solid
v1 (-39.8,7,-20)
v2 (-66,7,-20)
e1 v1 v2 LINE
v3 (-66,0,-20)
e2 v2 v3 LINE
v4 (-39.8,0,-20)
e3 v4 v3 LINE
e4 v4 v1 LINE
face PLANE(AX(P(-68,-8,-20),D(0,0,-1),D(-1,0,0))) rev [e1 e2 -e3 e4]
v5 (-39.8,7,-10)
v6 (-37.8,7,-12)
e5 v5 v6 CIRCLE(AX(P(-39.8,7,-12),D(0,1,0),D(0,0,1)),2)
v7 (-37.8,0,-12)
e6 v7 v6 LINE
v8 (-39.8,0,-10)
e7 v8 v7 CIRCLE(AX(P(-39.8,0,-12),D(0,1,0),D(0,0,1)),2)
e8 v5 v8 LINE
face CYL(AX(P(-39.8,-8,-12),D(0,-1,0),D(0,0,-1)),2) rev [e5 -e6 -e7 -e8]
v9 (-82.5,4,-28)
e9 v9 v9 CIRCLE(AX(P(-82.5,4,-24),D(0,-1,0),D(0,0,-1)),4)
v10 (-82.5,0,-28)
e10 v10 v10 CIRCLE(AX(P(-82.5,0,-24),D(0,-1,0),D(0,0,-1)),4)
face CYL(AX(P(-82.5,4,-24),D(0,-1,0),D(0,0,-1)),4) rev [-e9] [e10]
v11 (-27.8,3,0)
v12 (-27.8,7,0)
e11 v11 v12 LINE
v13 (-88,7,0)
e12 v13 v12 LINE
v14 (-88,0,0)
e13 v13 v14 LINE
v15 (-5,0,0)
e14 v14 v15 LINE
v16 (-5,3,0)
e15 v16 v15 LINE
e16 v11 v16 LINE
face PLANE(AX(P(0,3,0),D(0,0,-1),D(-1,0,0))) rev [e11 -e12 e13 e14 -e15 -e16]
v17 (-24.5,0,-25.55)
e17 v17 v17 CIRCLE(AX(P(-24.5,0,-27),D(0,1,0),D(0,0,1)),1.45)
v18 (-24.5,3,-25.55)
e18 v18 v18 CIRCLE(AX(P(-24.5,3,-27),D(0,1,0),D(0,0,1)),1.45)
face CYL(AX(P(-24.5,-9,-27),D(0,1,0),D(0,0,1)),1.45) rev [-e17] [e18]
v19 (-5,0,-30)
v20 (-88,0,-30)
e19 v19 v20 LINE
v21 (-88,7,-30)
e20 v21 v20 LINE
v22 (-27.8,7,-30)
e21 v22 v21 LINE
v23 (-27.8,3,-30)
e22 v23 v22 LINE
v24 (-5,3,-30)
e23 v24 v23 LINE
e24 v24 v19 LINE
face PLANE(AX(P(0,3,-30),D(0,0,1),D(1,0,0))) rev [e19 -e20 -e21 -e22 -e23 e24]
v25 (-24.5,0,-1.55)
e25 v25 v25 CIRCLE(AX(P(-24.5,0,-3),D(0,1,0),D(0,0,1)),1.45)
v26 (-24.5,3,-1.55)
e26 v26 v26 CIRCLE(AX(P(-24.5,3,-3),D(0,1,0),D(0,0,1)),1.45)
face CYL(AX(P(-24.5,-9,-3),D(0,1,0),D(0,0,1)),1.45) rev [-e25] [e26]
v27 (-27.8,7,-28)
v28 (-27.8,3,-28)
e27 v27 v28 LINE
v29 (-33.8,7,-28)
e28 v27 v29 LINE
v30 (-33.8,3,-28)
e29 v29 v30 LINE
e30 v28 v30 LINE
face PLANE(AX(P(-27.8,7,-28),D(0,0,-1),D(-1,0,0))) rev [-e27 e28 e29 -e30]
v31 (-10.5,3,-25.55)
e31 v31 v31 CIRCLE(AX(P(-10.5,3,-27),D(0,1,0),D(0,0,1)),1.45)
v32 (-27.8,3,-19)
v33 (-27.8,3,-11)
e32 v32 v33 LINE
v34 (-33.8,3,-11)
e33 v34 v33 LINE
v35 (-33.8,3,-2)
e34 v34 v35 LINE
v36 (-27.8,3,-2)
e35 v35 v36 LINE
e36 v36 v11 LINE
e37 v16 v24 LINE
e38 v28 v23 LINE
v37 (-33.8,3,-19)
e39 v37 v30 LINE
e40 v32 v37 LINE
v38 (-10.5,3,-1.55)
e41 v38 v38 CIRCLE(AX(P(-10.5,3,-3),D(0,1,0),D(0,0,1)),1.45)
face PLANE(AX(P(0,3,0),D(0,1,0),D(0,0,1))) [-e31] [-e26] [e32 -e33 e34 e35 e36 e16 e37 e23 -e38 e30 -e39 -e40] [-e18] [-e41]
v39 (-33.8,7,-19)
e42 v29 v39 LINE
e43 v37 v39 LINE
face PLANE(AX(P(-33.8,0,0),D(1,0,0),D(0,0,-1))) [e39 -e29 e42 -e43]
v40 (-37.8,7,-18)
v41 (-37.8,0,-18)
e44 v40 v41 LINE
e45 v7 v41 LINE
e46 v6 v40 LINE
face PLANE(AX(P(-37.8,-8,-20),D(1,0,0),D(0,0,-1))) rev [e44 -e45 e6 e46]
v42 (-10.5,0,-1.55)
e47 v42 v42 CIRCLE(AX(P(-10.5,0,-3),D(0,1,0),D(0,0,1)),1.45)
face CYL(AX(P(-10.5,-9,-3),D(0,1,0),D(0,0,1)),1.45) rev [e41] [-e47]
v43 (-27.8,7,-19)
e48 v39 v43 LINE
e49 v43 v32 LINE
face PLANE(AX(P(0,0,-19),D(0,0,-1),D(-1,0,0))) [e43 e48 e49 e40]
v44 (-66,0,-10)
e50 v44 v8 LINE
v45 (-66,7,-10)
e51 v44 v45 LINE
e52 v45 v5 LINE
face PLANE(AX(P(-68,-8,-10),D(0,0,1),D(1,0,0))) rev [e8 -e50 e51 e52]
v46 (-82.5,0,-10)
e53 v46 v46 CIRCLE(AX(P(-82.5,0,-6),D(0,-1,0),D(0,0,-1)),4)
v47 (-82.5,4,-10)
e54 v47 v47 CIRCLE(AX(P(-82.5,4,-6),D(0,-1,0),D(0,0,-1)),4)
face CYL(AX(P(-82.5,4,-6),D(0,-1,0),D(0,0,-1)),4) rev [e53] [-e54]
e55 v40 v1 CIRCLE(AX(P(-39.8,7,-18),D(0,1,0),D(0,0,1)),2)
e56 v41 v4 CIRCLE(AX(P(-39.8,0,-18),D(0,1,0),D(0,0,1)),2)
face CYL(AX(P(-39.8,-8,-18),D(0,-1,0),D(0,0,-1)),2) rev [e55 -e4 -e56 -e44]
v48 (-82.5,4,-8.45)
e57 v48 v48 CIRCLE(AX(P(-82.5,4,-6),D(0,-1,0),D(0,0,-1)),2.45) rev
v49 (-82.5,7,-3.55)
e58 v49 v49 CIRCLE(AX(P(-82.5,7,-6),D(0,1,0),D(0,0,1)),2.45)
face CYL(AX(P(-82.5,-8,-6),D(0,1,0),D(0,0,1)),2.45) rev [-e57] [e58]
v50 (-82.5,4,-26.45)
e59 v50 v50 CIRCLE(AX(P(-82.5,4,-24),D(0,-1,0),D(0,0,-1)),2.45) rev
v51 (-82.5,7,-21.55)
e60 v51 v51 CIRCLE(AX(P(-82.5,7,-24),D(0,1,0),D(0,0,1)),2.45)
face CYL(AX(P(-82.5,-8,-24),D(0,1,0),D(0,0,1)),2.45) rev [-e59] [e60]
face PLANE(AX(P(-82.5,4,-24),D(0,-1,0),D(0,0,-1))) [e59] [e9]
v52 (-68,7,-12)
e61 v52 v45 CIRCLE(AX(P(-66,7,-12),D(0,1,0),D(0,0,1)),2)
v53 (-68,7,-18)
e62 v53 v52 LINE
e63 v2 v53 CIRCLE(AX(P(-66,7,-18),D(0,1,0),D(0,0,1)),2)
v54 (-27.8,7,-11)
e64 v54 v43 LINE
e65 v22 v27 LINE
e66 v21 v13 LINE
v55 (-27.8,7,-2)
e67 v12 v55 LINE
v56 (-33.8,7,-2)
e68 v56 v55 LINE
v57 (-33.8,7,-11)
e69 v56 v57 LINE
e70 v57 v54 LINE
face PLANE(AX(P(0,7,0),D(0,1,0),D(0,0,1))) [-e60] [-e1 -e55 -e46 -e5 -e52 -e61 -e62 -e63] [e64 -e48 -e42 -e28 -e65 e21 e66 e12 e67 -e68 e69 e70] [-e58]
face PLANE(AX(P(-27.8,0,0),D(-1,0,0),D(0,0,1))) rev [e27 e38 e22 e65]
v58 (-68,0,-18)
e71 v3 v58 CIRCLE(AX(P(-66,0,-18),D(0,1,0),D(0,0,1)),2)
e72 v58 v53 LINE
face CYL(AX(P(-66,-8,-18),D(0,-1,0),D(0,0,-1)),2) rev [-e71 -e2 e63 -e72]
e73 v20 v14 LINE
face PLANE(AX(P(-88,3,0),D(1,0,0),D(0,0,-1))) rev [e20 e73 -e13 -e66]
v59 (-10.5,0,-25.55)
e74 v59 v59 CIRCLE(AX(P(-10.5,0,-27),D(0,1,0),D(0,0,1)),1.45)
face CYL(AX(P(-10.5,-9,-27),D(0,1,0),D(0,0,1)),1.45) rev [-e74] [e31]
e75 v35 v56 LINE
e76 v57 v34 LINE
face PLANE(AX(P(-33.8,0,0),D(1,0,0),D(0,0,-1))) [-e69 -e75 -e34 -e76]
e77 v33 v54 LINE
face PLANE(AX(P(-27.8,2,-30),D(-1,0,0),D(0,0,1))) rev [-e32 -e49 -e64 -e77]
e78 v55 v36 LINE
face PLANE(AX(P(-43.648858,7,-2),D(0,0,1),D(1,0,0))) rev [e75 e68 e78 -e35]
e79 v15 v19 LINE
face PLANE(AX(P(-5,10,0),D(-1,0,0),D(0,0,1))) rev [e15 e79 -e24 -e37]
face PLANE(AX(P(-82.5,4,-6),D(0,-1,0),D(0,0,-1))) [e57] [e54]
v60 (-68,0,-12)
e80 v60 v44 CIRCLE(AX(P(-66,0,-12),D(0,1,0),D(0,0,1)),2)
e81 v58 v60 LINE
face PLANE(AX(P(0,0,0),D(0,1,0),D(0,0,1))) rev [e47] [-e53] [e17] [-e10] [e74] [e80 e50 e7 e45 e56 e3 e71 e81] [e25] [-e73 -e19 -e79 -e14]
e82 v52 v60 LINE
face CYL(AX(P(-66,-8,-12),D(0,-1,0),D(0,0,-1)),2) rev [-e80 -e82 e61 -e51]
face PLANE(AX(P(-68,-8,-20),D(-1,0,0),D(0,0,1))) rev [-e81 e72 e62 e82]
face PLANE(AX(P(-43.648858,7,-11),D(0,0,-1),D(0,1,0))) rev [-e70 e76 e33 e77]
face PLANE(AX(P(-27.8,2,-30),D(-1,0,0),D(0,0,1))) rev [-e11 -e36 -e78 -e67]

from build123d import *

# Parameters (mm, degrees)
SKETCH_1_W           = 88
SKETCH_1_H           = 30
EXTRUDE_1_DEPTH      = 3
SKETCH_2_W           = 27.8
SKETCH_2_H           = 30
CUT_EXTRUDE_1_DEPTH  = 1
SKETCH_3_R           = 1.45
CUT_EXTRUDE_2_DEPTH  = 11
SKETCH_4_R           = 2.45
CUT_EXTRUDE_4_DEPTH  = 11
SKETCH_5_W           = 30.2
SKETCH_5_H           = 10
CUT_EXTRUDE_5_DEPTH  = 11
FILLET_1_R           = 2
SKETCH_6_W           = 5
SKETCH_6_H           = 30
CUT_EXTRUDE_6_DEPTH  = 10
SKETCH_9_W           = 60.2
SKETCH_9_H           = 30
SKETCH_9_R           = 2.45
EXTRUDE_4_DEPTH      = 4
EXTRUDE_START        = 1
SKETCH_7_W           = 22.8
SKETCH_7_H           = 30
SKETCH_7_R           = 1.45
EXTRUDE_5_DEPTH      = 1
SKETCH_11_W          = 15
SKETCH_11_H          = 4
CUT_EXTRUDE_8_DEPTH  = 6
SKETCH_12_W          = 2
SKETCH_12_H          = 4
EXTRUDE_6_DEPTH      = 6
SKETCH_13_W          = 6
SKETCH_13_H          = 4
EXTRUDE_7_DEPTH      = 4
SKETCH_14_R          = 4
CUT_EXTRUDE_9_DEPTH  = 4
SKETCH_15_W          = 9
SKETCH_15_H          = 4
CUT_EXTRUDE_10_DEPTH = 6


with BuildPart() as part:
    # 草图1 → 凸台-拉伸1 (new body)
    with BuildSketch(Plane(origin=(0, 0, 0), x_dir=(1, 0, 0), z_dir=(0, 1, 0))):
        with Locations((-44, 15)):
            Rectangle(SKETCH_1_W, SKETCH_1_H)
    extrude(amount=EXTRUDE_1_DEPTH)

    # 草图2 → 切除-拉伸1 (cut)
    with BuildSketch(Plane(origin=(0, 3, 0), x_dir=(1, 0, 0), z_dir=(0, 1, 0))):
        with Locations((-13.9, 15)):
            Rectangle(SKETCH_2_W, SKETCH_2_H)
    extrude(amount=-CUT_EXTRUDE_1_DEPTH, mode=Mode.SUBTRACT)

    # 草图3 → 切除-拉伸2 (cut)
    with BuildSketch(Plane(origin=(0, 2, 0), x_dir=(1, 0, 0), z_dir=(0, 1, 0))):
        with Locations(Location((-24.5, 27, 0), (0, 0, 270))):
            Circle(SKETCH_3_R)
        with Locations(Location((-24.5, 3, 0), (0, 0, 270))):
            Circle(SKETCH_3_R)
        with Locations(Location((-10.5, 3, 0), (0, 0, 270))):
            Circle(SKETCH_3_R)
        with Locations(Location((-10.5, 27, 0), (0, 0, 270))):
            Circle(SKETCH_3_R)
    extrude(amount=-CUT_EXTRUDE_2_DEPTH, mode=Mode.SUBTRACT)

    # 草图4 → 切除-拉伸4 (cut)
    with BuildSketch(Plane(origin=(0, 3, 0), x_dir=(1, 0, 0), z_dir=(0, 1, 0))):
        with Locations(Location((-82.5, 24, 0), (0, 0, 270))):
            Circle(SKETCH_4_R)
        with Locations(Location((-82.5, 6, 0), (0, 0, 270))):
            Circle(SKETCH_4_R)
    extrude(amount=-CUT_EXTRUDE_4_DEPTH, mode=Mode.SUBTRACT)

    # 草图5 → 切除-拉伸5 (cut)
    with BuildSketch(Plane(origin=(0, 3, 0), x_dir=(1, 0, 0), z_dir=(0, 1, 0))):
        with Locations((-52.9, 15)):
            Rectangle(SKETCH_5_W, SKETCH_5_H)
    extrude(amount=-CUT_EXTRUDE_5_DEPTH, mode=Mode.SUBTRACT)

    # 圆角1
    fillet_1_edges = [part.edges().sort_by_distance(p)[0] for p in [
        (-68, 1.5, -10),
        (-68, 1.5, -20),
        (-37.8, 1.5, -20),
        (-37.8, 1.5, -10),
    ]]
    fillet(fillet_1_edges, radius=FILLET_1_R)

    # 草图6 → 切除-拉伸6 (cut)
    with BuildSketch(Plane.XZ):
        with Locations((-2.5, -15)):
            Rectangle(SKETCH_6_W, SKETCH_6_H)
    extrude(amount=-CUT_EXTRUDE_6_DEPTH, mode=Mode.SUBTRACT)

    # 草图9 → 凸台-拉伸4 (add)
    with BuildSketch(Plane(origin=(0, 3, 0), x_dir=(1, 0, 0), z_dir=(0, 1, 0))):
        with Locations((-57.9, 15)):
            Rectangle(SKETCH_9_W, SKETCH_9_H)
        with Locations(Location((-82.5, 6, 0), (0, 0, 270))):
            Circle(SKETCH_9_R, mode=Mode.SUBTRACT)
        with Locations(Location((-82.5, 24, 0), (0, 0, 270))):
            Circle(SKETCH_9_R, mode=Mode.SUBTRACT)
        with BuildLine():
            Line((-37.8, 12), (-37.8, 18))
            ThreePointArc((-37.8, 18), (-38.385786438, 19.414213562), (-39.8, 20))
            Line((-39.8, 20), (-66, 20))
            ThreePointArc((-66, 20), (-67.414213562, 19.414213562), (-68, 18))
            Line((-68, 18), (-68, 12))
            ThreePointArc((-68, 12), (-67.414213562, 10.585786438), (-66, 10))
            Line((-66, 10), (-39.8, 10))
            ThreePointArc((-39.8, 10), (-38.385786438, 10.585786438), (-37.8, 12))
        make_face(mode=Mode.SUBTRACT)
    extrude(amount=EXTRUDE_4_DEPTH)

    # 草图7 → 凸台-拉伸5 (add)
    with BuildSketch(Plane(origin=(0, 2, 0), x_dir=(1, 0, 0), z_dir=(0, 1, 0)).offset(EXTRUDE_START)):
        with Locations((-16.4, 15)):
            Rectangle(SKETCH_7_W, SKETCH_7_H)
        with Locations(Location((-10.5, 3, 0), (0, 0, 270))):
            Circle(SKETCH_7_R, mode=Mode.SUBTRACT)
        with Locations(Location((-24.5, 27, 0), (0, 0, 270))):
            Circle(SKETCH_7_R, mode=Mode.SUBTRACT)
        with Locations(Location((-10.5, 27, 0), (0, 0, 270))):
            Circle(SKETCH_7_R, mode=Mode.SUBTRACT)
        with Locations(Location((-24.5, 3, 0), (0, 0, 270))):
            Circle(SKETCH_7_R, mode=Mode.SUBTRACT)
    extrude(amount=-EXTRUDE_5_DEPTH)

    # 草图11 → 切除-拉伸8 (cut)
    with BuildSketch(Plane(origin=(-27.8, 0, 0), x_dir=(0, 0, -1), z_dir=(1, 0, 0))):
        with Locations((22.5, 5)):
            Rectangle(SKETCH_11_W, SKETCH_11_H)
    extrude(amount=-CUT_EXTRUDE_8_DEPTH, mode=Mode.SUBTRACT)

    # 草图12 → 凸台-拉伸6 (add)
    with BuildSketch(Plane(origin=(-33.8, 0, 0), x_dir=(0, 0, -1), z_dir=(1, 0, 0))):
        with Locations((29, 5)):
            Rectangle(SKETCH_12_W, SKETCH_12_H)
    extrude(amount=EXTRUDE_6_DEPTH)

    # 草图13 → 凸台-拉伸7 (add)
    with BuildSketch(Plane(origin=(0, 0, -15), x_dir=(-1, 0, 0), z_dir=(0, 0, -1))):
        with Locations((30.8, 5)):
            Rectangle(SKETCH_13_W, SKETCH_13_H)
    extrude(amount=EXTRUDE_7_DEPTH)

    # 草图14 → 切除-拉伸9 (cut)
    with BuildSketch(Plane.XZ):
        with Locations(Location((-82.5, -6, 0), (0, 0, 270))):
            Circle(SKETCH_14_R)
        with Locations(Location((-82.5, -24, 0), (0, 0, 270))):
            Circle(SKETCH_14_R)
    extrude(amount=-CUT_EXTRUDE_9_DEPTH, mode=Mode.SUBTRACT)

    # 草图15 → 切除-拉伸10 (cut)
    with BuildSketch(Plane(origin=(-27.8, 0, 0), x_dir=(0, 0, -1), z_dir=(1, 0, 0))):
        with Locations((6.5, 5)):
            Rectangle(SKETCH_15_W, SKETCH_15_H)
    extrude(amount=-CUT_EXTRUDE_10_DEPTH, mode=Mode.SUBTRACT)


solid = part.part
